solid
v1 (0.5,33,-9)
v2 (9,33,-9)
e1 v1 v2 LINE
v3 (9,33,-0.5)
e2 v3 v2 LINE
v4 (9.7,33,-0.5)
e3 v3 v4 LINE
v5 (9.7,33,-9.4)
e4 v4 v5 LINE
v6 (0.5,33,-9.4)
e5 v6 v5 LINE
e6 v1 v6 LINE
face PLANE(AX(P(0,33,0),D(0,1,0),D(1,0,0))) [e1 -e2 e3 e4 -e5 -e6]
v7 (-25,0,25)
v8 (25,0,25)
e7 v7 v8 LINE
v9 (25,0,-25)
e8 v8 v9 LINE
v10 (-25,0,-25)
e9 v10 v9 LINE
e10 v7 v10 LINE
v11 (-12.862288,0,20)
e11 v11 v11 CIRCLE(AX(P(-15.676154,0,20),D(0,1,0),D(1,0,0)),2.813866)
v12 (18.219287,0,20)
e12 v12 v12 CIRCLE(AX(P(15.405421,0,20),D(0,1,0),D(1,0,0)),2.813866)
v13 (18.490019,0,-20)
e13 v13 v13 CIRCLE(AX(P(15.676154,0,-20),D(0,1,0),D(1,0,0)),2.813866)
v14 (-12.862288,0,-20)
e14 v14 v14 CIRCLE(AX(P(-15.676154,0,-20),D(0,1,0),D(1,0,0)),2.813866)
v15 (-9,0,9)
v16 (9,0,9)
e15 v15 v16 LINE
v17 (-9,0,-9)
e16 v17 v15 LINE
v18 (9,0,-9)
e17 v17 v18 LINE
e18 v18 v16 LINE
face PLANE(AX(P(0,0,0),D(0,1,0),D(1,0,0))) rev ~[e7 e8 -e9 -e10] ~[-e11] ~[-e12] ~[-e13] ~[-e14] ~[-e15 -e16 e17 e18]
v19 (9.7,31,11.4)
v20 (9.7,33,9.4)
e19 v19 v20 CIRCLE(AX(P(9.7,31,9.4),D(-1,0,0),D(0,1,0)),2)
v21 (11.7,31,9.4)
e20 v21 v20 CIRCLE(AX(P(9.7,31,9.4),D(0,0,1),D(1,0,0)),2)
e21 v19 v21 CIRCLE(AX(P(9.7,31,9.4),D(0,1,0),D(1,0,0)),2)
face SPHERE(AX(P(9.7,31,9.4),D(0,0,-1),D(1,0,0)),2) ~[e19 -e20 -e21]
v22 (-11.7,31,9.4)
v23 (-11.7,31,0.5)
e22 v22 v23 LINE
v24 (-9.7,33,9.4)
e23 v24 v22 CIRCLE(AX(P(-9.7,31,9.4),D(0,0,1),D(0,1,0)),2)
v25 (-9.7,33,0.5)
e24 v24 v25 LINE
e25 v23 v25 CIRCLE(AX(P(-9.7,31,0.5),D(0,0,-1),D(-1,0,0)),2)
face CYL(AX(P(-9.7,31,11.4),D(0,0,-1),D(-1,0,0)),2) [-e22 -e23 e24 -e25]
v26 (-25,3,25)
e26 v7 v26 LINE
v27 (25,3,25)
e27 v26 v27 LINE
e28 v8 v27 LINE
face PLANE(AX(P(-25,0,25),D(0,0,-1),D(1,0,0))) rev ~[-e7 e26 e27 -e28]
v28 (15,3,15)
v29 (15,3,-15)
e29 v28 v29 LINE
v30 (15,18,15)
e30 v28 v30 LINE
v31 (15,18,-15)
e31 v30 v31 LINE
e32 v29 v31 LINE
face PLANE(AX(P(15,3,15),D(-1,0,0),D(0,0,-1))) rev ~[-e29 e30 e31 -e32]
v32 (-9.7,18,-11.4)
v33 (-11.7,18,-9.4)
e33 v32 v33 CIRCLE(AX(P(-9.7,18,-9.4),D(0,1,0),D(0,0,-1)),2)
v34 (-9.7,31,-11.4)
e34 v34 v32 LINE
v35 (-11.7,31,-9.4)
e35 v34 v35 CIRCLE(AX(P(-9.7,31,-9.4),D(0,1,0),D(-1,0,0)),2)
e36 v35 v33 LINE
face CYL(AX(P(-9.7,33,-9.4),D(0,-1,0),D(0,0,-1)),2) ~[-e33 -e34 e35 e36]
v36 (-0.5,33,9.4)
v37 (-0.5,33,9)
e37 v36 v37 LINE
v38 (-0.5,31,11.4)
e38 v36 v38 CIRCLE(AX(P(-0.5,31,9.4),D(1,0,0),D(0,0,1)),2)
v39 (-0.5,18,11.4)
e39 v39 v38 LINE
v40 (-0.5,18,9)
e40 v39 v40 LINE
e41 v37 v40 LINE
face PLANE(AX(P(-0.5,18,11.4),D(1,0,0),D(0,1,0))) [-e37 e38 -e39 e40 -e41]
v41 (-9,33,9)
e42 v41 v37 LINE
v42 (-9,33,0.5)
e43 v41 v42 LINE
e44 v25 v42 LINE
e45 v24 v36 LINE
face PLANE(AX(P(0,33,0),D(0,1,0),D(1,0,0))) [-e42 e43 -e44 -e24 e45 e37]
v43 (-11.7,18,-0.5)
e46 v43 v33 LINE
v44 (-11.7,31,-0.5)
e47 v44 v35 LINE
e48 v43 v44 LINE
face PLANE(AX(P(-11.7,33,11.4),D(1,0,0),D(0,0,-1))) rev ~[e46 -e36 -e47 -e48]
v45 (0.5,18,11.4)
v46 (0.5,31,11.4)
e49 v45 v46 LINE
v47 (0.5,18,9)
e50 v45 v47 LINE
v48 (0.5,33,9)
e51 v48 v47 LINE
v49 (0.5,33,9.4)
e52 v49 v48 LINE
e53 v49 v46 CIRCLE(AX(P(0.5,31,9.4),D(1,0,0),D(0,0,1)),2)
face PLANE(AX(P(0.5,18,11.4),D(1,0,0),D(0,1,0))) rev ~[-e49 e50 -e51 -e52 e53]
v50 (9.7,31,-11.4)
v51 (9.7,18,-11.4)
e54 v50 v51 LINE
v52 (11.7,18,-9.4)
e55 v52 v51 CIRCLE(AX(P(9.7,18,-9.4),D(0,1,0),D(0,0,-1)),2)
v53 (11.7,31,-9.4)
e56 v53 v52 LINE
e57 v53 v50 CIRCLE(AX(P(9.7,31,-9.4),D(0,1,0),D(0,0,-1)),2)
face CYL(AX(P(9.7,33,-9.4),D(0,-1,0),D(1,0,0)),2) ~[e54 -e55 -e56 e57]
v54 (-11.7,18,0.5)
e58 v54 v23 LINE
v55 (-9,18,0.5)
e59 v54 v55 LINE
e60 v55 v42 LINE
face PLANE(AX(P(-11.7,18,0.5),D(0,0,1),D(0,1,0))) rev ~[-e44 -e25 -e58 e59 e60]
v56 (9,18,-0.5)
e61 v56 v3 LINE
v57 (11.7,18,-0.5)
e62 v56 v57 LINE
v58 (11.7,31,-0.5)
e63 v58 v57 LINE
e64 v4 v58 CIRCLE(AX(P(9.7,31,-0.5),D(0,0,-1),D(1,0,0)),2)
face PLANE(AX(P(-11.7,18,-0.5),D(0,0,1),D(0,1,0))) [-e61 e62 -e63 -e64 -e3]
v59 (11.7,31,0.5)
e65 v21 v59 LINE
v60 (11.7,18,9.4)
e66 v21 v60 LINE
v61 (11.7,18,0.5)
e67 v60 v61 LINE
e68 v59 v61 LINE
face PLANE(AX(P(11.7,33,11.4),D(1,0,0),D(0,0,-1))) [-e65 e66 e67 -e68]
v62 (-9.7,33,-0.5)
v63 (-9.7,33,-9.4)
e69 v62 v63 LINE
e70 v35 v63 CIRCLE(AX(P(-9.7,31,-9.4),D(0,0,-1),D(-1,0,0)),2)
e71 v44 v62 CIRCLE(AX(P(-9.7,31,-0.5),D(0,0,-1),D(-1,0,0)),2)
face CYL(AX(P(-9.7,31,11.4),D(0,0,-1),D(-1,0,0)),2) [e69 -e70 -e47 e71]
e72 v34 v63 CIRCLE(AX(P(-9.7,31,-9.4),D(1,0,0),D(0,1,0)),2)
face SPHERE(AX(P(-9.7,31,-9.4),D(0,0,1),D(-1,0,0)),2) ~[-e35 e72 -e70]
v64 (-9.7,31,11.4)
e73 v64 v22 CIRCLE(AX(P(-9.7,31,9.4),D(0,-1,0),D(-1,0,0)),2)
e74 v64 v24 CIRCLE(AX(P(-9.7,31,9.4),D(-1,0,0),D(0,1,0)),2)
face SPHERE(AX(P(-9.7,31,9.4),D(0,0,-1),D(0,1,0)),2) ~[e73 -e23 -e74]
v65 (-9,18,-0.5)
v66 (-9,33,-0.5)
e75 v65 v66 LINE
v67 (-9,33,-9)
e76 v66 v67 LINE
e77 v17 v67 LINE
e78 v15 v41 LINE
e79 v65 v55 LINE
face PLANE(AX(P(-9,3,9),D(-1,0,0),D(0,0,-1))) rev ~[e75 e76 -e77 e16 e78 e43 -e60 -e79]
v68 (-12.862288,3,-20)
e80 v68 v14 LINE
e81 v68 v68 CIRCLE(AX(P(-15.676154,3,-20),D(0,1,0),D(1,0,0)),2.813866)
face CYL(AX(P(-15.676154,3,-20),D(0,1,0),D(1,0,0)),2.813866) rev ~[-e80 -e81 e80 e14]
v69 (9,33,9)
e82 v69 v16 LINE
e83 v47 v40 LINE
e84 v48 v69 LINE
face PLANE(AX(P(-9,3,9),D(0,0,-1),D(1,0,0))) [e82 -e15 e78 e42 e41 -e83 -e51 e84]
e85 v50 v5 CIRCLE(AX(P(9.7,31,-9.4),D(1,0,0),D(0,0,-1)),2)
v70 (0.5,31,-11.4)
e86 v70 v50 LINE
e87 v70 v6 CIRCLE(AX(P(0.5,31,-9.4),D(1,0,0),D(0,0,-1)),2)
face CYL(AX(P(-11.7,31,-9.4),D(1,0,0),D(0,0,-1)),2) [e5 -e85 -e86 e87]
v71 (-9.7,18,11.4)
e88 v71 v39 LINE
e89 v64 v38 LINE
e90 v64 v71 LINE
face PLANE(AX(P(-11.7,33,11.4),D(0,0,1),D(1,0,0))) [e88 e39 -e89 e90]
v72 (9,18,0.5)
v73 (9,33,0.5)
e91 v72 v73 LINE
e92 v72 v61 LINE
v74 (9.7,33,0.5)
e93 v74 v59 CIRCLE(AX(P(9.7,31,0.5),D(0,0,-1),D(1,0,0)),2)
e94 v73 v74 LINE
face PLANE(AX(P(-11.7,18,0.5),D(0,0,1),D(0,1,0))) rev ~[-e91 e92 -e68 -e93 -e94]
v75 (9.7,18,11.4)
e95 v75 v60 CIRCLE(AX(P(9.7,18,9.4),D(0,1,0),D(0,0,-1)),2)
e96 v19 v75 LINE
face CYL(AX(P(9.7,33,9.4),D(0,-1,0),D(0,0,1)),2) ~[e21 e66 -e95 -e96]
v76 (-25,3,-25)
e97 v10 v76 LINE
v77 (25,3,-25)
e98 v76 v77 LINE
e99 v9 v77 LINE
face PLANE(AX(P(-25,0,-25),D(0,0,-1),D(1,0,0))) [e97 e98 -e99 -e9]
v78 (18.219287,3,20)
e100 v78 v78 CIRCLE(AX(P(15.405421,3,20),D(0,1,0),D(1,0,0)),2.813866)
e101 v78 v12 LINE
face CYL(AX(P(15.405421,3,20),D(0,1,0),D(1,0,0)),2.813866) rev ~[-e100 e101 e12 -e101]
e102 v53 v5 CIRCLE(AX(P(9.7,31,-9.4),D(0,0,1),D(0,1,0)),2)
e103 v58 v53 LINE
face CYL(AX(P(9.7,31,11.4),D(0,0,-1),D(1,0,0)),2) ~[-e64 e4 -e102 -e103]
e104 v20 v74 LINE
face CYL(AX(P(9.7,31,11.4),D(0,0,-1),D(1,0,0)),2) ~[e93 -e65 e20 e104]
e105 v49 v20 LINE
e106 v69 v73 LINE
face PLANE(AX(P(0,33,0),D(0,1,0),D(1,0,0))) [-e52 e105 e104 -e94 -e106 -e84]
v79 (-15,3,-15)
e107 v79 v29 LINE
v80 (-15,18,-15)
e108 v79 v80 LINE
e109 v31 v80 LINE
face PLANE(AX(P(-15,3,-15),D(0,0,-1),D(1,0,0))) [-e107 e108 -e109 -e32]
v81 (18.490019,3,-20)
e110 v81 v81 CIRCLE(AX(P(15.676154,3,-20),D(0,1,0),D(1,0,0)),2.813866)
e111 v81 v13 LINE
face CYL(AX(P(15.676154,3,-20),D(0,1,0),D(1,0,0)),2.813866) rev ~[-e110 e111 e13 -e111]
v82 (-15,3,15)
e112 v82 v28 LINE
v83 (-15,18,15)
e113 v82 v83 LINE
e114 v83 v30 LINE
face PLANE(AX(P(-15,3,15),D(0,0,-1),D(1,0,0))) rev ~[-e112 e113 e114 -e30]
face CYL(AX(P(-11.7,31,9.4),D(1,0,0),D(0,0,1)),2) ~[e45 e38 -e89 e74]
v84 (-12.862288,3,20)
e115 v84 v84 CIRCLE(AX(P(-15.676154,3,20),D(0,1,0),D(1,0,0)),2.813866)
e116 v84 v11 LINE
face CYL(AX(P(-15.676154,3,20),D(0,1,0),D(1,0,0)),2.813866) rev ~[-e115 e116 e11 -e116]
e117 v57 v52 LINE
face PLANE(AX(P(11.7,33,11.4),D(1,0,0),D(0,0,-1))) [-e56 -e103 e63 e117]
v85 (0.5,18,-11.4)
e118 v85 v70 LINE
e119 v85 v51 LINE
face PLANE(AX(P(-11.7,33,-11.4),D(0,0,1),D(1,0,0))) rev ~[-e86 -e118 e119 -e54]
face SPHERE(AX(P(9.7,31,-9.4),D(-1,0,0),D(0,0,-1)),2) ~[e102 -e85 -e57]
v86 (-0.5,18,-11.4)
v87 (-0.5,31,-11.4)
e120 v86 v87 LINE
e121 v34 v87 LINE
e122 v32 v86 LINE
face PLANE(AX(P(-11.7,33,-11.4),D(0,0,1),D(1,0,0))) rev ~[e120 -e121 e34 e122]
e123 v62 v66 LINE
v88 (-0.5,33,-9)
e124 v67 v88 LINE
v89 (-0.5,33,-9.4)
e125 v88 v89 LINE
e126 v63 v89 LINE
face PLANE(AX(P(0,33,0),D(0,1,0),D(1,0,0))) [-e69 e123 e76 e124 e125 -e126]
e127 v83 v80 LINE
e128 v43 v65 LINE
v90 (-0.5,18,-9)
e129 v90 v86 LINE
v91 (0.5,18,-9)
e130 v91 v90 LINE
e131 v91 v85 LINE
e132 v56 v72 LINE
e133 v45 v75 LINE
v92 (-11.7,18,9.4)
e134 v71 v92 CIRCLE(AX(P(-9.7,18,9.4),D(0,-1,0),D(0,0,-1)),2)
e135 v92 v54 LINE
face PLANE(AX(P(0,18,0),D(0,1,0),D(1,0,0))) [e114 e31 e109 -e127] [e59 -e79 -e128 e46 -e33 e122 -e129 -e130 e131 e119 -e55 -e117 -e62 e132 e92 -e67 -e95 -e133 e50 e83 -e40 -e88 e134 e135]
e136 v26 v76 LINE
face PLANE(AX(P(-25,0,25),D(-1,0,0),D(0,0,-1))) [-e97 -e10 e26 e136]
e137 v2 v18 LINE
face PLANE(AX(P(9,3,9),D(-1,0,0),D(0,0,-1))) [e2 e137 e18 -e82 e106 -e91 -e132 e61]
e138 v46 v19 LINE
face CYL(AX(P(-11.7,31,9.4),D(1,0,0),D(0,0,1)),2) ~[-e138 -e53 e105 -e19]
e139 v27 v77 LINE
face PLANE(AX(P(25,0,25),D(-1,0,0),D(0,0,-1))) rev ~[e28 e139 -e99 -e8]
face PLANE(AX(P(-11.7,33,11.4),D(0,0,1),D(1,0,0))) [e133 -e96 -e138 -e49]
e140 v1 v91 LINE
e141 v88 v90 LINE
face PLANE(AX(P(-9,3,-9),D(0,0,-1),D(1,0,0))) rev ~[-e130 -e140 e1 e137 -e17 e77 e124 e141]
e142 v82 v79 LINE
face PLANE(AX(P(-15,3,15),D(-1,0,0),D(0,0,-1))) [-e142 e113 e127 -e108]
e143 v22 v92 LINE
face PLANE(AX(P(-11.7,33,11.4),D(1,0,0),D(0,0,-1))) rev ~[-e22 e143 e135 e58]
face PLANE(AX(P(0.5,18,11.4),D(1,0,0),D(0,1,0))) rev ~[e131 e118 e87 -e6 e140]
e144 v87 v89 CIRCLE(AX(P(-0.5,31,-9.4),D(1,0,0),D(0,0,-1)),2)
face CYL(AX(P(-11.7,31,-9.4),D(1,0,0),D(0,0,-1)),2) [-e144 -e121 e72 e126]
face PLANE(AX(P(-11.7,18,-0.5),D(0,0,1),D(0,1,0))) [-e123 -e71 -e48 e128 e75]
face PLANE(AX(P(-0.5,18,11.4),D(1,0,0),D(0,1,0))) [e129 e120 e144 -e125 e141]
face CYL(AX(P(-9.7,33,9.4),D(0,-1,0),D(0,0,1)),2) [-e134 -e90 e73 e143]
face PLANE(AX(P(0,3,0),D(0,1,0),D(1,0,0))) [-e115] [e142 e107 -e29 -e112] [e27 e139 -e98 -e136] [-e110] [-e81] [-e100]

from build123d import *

# Parameters (mm, degrees)
CROQUIS1_W              = 50
CROQUIS1_H              = 50
SALIENTE_EXTRUIR1_DEPTH = 3
CROQUIS2_W              = 30
CROQUIS2_H              = 30
CROQUIS2_W_2            = 18
CROQUIS2_H_2            = 18
SALIENTE_EXTRUIR2_DEPTH = 30
CROQUIS3_R              = 2.813865728
CORTAR_EXTRUIR1_DEPTH   = 10
CROQUIS4_W              = 30
CROQUIS4_H              = 30
CROQUIS4_W_2            = 23.4
CROQUIS4_H_2            = 22.8
CORTAR_EXTRUIR2_DEPTH   = 15
REDONDEO1_R             = 2
CROQUIS5_W              = 18
CROQUIS5_H              = 18
CORTAR_EXTRUIR3_DEPTH   = 16
CROQUIS6_W              = 1
CROQUIS6_H              = 15.294109798
CORTAR_EXTRUIR4_DEPTH   = 37.7
CROQUIS7_W              = 1
CROQUIS7_H              = 15.234542974
CORTAR_EXTRUIR5_DEPTH   = 37.4


with BuildPart() as part:
    # Croquis1 → Saliente-Extruir1 (new body)
    with BuildSketch(Plane(origin=(0, 0, 0), x_dir=(1, 0, 0), z_dir=(0, 1, 0))):
        Rectangle(CROQUIS1_W, CROQUIS1_H)
    extrude(amount=SALIENTE_EXTRUIR1_DEPTH)

    # Croquis2 → Saliente-Extruir2 (add)
    with BuildSketch(Plane(origin=(0, 3, 0), x_dir=(1, 0, 0), z_dir=(0, 1, 0))):
        Rectangle(CROQUIS2_W, CROQUIS2_H)
        Rectangle(CROQUIS2_W_2, CROQUIS2_H_2, mode=Mode.SUBTRACT)
    extrude(amount=SALIENTE_EXTRUIR2_DEPTH)

    # Croquis3 → Cortar-Extruir1 (cut)
    with BuildSketch(Plane(origin=(0, 3, 0), x_dir=(1, 0, 0), z_dir=(0, 1, 0))):
        with Locations((15.405421421, -20)):
            Circle(CROQUIS3_R)
        with Locations((-15.676153635, -20)):
            Circle(CROQUIS3_R)
        with Locations((15.676153635, 20)):
            Circle(CROQUIS3_R)
        with Locations((-15.676153635, 20)):
            Circle(CROQUIS3_R)
    extrude(amount=-CORTAR_EXTRUIR1_DEPTH, mode=Mode.SUBTRACT)

    # Croquis4 → Cortar-Extruir2 (cut)
    with BuildSketch(Plane(origin=(0, 33, 0), x_dir=(1, 0, 0), z_dir=(0, 1, 0))):
        Rectangle(CROQUIS4_W, CROQUIS4_H)
        Rectangle(CROQUIS4_W_2, CROQUIS4_H_2, mode=Mode.SUBTRACT)
    extrude(amount=-CORTAR_EXTRUIR2_DEPTH, mode=Mode.SUBTRACT)

    # Redondeo1
    redondeo1_edges = [part.edges().sort_by_distance(p)[0] for p in [
        (-11.7, 33, 0),
        (-11.7, 25.5, -11.4),
        (0, 33, -11.4),
        (11.7, 25.5, -11.4),
        (11.7, 33, 0),
        (11.7, 25.5, 11.4),
        (0, 33, 11.4),
        (-11.7, 25.5, 11.4),
    ]]
    fillet(redondeo1_edges, radius=REDONDEO1_R)

    # Croquis5 → Cortar-Extruir3 (cut)
    with BuildSketch(Plane.XZ):
        Rectangle(CROQUIS5_W, CROQUIS5_H)
    extrude(amount=-CORTAR_EXTRUIR3_DEPTH, mode=Mode.SUBTRACT)

    # Croquis6 → Cortar-Extruir4 (cut, through all)
    with BuildSketch(Plane.ZY.offset(11.7)):
        with Locations((0, 25.647054899)):
            Rectangle(CROQUIS6_W, CROQUIS6_H)
    extrude(amount=-CORTAR_EXTRUIR4_DEPTH, mode=Mode.SUBTRACT)

    # Croquis7 → Cortar-Extruir5 (cut, through all)
    with BuildSketch(Plane.XY.offset(11.4)):
        with Locations((0, 25.617271487)):
            Rectangle(CROQUIS7_W, CROQUIS7_H)
    extrude(amount=-CORTAR_EXTRUIR5_DEPTH, mode=Mode.SUBTRACT)


solid = part.part
